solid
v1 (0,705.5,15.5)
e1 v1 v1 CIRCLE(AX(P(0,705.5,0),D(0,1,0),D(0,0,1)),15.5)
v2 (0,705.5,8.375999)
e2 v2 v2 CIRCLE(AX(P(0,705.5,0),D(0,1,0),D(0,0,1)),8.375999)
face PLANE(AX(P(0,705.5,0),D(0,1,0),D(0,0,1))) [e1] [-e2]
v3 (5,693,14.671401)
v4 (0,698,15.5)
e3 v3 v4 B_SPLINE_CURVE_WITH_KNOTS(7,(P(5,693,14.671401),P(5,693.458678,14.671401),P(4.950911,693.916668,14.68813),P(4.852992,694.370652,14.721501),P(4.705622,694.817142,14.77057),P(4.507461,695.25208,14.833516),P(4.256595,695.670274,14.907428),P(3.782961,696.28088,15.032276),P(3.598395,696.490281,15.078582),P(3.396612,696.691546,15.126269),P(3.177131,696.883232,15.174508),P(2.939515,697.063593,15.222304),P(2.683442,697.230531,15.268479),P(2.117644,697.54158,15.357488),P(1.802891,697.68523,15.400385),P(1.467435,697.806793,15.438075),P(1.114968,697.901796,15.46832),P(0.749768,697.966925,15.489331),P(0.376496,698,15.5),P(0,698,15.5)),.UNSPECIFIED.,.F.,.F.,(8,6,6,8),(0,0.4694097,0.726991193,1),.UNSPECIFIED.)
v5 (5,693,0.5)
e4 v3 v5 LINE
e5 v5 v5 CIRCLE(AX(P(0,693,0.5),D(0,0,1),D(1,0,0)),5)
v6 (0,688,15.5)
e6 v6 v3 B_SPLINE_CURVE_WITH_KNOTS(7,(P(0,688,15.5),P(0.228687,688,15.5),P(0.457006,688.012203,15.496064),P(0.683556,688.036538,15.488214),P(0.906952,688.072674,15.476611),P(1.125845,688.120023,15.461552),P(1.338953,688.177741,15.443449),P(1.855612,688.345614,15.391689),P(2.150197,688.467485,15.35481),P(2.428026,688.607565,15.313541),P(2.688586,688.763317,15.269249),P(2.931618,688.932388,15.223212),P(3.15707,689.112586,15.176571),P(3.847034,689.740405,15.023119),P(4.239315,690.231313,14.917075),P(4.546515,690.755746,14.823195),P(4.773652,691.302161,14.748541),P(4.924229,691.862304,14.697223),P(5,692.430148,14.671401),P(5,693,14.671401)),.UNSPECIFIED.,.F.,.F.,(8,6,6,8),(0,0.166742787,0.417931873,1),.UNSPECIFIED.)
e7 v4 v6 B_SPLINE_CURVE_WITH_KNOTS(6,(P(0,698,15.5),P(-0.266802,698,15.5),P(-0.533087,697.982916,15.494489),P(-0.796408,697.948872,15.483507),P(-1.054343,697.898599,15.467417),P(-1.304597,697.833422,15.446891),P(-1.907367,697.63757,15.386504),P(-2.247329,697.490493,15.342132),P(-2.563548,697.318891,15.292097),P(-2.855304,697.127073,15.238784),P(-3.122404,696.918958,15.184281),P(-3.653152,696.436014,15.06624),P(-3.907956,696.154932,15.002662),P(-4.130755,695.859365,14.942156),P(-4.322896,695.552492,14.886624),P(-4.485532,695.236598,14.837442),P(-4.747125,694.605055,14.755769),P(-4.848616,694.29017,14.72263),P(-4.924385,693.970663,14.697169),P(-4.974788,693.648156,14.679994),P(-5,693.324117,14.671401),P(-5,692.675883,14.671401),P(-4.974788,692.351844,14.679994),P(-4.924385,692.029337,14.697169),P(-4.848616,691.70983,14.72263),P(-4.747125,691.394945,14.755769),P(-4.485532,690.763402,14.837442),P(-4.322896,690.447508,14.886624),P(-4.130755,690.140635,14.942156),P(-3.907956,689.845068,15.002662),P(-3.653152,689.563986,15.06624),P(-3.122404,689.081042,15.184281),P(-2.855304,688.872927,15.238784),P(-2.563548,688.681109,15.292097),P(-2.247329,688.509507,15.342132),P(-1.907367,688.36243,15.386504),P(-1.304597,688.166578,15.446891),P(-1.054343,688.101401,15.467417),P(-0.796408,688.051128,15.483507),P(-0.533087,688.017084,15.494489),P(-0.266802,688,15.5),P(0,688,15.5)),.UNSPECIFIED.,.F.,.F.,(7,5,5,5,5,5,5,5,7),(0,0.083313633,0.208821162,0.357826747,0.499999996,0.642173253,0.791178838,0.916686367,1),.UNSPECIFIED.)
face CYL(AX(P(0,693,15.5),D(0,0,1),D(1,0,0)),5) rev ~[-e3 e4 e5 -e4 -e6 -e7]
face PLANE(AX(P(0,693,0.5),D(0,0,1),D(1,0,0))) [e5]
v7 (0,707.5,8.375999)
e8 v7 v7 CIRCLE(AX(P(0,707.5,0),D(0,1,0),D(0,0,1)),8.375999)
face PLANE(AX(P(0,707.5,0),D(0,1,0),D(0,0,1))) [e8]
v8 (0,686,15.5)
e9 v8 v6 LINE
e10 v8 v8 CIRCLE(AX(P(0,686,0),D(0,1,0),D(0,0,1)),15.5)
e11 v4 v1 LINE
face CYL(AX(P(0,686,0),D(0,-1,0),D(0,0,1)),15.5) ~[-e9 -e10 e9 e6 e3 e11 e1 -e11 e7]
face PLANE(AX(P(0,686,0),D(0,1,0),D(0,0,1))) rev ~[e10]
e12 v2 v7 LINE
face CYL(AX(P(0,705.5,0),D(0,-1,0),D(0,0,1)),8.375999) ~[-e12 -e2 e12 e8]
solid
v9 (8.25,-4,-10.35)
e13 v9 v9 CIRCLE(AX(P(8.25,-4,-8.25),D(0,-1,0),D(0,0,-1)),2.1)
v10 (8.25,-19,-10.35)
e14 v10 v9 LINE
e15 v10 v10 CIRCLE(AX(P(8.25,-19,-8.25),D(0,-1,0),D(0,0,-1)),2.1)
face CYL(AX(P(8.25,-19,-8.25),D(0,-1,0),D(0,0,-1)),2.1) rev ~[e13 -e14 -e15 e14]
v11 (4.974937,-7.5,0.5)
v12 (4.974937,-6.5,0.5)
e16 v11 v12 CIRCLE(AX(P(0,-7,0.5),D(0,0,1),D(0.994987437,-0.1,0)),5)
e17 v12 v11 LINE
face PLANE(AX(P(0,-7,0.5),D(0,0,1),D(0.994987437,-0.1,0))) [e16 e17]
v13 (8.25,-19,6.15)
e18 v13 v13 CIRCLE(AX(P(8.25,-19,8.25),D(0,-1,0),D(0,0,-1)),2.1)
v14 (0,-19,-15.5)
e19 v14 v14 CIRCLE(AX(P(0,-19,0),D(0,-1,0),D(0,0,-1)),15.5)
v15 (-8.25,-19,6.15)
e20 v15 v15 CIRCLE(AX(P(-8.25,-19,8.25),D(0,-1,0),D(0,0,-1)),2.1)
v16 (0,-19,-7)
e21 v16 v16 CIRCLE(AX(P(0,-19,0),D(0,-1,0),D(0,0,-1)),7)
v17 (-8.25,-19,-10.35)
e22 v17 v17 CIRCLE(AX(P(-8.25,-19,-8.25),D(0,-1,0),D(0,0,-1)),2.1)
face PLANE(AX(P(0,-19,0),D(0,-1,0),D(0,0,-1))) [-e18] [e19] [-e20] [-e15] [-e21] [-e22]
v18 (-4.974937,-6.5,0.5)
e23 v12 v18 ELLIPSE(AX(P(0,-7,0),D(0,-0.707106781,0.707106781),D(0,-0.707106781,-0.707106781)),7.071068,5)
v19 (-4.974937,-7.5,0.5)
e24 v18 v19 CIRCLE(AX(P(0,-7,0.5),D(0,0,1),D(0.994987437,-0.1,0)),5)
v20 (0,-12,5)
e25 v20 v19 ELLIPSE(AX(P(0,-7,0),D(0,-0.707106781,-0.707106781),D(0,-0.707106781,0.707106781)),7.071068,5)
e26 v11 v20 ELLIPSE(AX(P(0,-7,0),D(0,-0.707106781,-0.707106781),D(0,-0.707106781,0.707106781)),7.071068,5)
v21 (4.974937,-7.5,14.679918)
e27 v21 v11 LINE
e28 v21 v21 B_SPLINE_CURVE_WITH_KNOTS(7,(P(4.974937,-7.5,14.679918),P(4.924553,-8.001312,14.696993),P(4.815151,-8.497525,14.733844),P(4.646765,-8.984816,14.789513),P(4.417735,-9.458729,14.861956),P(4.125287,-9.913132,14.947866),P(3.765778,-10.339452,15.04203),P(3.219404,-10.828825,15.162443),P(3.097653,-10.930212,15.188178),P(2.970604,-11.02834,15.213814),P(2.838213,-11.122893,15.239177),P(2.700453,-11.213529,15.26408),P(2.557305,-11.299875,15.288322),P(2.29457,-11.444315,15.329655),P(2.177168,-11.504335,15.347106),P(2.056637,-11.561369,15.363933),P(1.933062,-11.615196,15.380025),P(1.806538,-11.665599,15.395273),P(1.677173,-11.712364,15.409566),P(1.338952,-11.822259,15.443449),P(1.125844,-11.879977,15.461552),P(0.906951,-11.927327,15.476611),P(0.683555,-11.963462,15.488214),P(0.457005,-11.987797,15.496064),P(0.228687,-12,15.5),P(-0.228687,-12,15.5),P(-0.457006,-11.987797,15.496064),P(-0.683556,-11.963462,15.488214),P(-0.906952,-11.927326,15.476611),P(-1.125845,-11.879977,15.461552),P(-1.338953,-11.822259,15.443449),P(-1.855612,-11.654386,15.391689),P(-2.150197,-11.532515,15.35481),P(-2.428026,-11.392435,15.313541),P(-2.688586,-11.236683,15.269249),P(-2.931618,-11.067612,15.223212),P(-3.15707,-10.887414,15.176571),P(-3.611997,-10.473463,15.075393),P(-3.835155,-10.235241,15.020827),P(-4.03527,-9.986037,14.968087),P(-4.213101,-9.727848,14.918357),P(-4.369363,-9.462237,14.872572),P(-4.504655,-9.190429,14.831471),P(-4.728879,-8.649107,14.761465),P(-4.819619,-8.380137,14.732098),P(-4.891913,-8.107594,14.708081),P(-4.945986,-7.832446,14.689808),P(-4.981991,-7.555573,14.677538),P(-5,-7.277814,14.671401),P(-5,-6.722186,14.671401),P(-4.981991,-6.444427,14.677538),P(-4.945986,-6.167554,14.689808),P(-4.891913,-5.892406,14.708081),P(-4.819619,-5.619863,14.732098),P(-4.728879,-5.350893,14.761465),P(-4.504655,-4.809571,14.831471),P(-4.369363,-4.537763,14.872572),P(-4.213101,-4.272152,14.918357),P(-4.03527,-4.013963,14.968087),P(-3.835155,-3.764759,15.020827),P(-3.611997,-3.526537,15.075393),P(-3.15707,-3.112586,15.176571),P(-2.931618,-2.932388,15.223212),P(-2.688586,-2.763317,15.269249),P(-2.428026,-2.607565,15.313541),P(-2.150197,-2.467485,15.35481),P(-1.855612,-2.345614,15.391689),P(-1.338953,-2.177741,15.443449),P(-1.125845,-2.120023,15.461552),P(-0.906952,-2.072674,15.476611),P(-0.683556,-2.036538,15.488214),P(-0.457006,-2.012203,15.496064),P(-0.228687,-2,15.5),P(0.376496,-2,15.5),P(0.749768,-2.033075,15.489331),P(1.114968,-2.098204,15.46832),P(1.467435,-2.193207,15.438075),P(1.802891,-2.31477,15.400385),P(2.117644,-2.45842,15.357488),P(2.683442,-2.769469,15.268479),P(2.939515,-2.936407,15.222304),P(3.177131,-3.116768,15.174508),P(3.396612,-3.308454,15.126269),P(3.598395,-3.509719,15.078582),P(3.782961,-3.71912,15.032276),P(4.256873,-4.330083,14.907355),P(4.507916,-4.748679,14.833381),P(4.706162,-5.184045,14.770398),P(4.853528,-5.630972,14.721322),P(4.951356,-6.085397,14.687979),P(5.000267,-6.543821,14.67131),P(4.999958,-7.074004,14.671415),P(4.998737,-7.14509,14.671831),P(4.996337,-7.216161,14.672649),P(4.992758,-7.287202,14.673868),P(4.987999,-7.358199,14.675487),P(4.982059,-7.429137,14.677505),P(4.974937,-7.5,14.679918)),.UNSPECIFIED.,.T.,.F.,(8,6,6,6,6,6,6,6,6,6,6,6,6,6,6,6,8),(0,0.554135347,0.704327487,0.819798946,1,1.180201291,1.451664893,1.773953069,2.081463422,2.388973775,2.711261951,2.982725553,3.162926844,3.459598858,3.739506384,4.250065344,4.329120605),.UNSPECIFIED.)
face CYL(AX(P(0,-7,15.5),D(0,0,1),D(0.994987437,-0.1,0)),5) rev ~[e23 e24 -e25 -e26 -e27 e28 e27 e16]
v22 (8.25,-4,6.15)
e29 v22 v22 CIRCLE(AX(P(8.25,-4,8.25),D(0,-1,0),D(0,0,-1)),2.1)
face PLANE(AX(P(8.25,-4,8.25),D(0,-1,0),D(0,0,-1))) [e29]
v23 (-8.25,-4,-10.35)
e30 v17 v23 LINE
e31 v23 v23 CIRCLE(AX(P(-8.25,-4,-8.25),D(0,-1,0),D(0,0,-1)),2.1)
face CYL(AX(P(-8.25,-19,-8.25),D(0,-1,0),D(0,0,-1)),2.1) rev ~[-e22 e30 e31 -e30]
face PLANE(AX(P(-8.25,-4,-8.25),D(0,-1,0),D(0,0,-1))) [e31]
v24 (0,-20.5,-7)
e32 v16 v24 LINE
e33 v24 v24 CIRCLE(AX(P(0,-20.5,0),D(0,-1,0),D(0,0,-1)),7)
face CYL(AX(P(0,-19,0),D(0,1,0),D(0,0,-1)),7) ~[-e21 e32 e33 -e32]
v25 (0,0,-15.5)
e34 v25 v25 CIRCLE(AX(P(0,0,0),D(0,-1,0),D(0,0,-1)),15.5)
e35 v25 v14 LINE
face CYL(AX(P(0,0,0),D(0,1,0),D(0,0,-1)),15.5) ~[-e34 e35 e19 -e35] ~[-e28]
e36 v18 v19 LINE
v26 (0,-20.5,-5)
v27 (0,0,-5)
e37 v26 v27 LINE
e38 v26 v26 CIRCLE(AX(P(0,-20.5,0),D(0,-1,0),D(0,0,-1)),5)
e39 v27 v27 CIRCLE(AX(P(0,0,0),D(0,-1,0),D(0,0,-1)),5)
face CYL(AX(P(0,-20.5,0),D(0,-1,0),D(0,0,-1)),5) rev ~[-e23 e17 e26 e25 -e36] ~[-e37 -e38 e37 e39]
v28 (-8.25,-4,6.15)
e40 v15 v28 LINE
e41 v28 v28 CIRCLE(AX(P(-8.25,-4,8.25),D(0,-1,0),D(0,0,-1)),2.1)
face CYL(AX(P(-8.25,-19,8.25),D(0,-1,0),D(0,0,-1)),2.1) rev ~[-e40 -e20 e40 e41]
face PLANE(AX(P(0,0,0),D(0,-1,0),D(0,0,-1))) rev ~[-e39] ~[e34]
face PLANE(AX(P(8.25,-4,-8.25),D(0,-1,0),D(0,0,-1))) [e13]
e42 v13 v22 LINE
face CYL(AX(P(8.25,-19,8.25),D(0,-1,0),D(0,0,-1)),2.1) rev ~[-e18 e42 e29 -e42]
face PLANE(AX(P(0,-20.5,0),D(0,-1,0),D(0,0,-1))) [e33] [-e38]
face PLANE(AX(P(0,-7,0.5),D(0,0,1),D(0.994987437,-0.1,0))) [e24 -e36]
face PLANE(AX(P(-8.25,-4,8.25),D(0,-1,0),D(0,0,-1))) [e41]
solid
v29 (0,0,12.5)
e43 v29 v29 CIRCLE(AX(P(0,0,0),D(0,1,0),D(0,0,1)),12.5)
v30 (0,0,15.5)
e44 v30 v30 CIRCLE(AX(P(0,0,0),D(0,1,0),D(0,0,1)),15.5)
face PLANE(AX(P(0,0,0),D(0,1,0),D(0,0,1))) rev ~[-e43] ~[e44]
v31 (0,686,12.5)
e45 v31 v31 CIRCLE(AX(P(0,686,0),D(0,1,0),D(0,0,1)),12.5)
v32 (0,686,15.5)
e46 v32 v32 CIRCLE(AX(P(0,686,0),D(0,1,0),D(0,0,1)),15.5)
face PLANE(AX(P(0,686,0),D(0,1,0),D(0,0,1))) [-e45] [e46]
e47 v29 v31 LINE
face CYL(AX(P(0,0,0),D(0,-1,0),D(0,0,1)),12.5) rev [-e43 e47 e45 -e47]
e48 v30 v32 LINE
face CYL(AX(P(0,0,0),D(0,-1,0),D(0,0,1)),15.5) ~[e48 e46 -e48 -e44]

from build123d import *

# Parameters (mm, degrees)
SKETCH_1_R          = 15.5
SKETCH_1_R_2        = 12.5
EXTRUDE_1_DEPTH     = 686
SKETCH_2_R          = 15.5
EXTRUDE_2_DEPTH     = 19.5
SKETCH_3_R          = 8.375998957
EXTRUDE_3_DEPTH     = 2
SKETCH_4_R          = 15.5
EXTRUDE_4_DEPTH     = 19
SKETCH_5_R          = 7
EXTRUDE_5_DEPTH     = 1.5
SKETCH_6_R          = 5
CUT_EXTRUDE_6_DEPTH = 20.5
SKETCH_7_R          = 5
CUT_EXTRUDE_7_DEPTH = 15
SKETCH_8_R          = 2.1
CUT_EXTRUDE_8_DEPTH = 15


with BuildPart() as part:
    # 草图1 → 拉伸1 (new body)
    with BuildSketch(Plane(origin=(0, 0, 0), x_dir=(1, 0, 0), z_dir=(0, 1, 0))):
        with Locations(Location((0, 0, 0), (0, 0, 270))):
            Circle(SKETCH_1_R)
        with Locations(Location((0, 0, 0), (0, 0, 270))):
            Circle(SKETCH_1_R_2, mode=Mode.SUBTRACT)
    extrude(amount=EXTRUDE_1_DEPTH)


with BuildPart() as body_2:
    # 草图2 → 拉伸2 (new body)
    with BuildSketch(Plane(origin=(0, 686, 0), x_dir=(1, 0, 0), z_dir=(0, 1, 0))):
        with Locations(Location((0, 0, 0), (0, 0, 270))):
            Circle(SKETCH_2_R)
    extrude(amount=EXTRUDE_2_DEPTH)

    # 草图3 → 拉伸3 (add)
    with BuildSketch(Plane(origin=(0, 705.5, 0), x_dir=(1, 0, 0), z_dir=(0, 1, 0))):
        with Locations(Location((0, 0, 0), (0, 0, 270))):
            Circle(SKETCH_3_R)
    extrude(amount=EXTRUDE_3_DEPTH)


with BuildPart() as body_3:
    # 草图4 → 拉伸4 (new body)
    with BuildSketch(Plane.XZ):
        with Locations(Location((0, 0, 0), (0, 0, 270))):
            Circle(SKETCH_4_R)
    extrude(amount=EXTRUDE_4_DEPTH)

    # 草图5 → 拉伸5 (add)
    with BuildSketch(Plane.XZ.offset(19)):
        with Locations(Location((0, 0, 0), (0, 0, 270))):
            Circle(SKETCH_5_R)
    extrude(amount=EXTRUDE_5_DEPTH)

    # 草图6 → 拉伸6 (cut)
    with BuildSketch(Plane.XZ.offset(20.5)):
        with Locations(Location((0, 0, 0), (0, 0, 270))):
            Circle(SKETCH_6_R)
    extrude(amount=-CUT_EXTRUDE_6_DEPTH, mode=Mode.SUBTRACT)


with BuildPart() as cut_extrude_7_tool:
    # 草图7 → 拉伸7 (new body)
    with BuildSketch(Plane.XY.offset(15.5)):
        with Locations(Location((0, -7, 0), (0, 0, 354.260829523))):
            Circle(SKETCH_7_R)
        with Locations((0, 693)):
            Circle(SKETCH_7_R)
    extrude(amount=-CUT_EXTRUDE_7_DEPTH)


with BuildPart() as body_2_1:
    add(body_2.part)

    # 拉伸7: cut by cut_extrude_7_tool
    add(cut_extrude_7_tool.part, mode=Mode.SUBTRACT)


with BuildPart() as body_3_1:
    add(body_3.part)

    # 拉伸7: cut by cut_extrude_7_tool
    add(cut_extrude_7_tool.part, mode=Mode.SUBTRACT)

    # 草图8 → 拉伸8 (cut)
    with BuildSketch(Plane.XZ.offset(19)):
        with Locations(Location((-8.25, 8.25, 0), (0, 0, 270))):
            Circle(SKETCH_8_R)
        with Locations(Location((8.25, 8.25, 0), (0, 0, 270))):
            Circle(SKETCH_8_R)
        with Locations(Location((8.25, -8.25, 0), (0, 0, 270))):
            Circle(SKETCH_8_R)
        with Locations(Location((-8.25, -8.25, 0), (0, 0, 270))):
            Circle(SKETCH_8_R)
    extrude(amount=-CUT_EXTRUDE_8_DEPTH, mode=Mode.SUBTRACT)


solid = Compound([part.part, body_2_1.part, body_3_1.part])
